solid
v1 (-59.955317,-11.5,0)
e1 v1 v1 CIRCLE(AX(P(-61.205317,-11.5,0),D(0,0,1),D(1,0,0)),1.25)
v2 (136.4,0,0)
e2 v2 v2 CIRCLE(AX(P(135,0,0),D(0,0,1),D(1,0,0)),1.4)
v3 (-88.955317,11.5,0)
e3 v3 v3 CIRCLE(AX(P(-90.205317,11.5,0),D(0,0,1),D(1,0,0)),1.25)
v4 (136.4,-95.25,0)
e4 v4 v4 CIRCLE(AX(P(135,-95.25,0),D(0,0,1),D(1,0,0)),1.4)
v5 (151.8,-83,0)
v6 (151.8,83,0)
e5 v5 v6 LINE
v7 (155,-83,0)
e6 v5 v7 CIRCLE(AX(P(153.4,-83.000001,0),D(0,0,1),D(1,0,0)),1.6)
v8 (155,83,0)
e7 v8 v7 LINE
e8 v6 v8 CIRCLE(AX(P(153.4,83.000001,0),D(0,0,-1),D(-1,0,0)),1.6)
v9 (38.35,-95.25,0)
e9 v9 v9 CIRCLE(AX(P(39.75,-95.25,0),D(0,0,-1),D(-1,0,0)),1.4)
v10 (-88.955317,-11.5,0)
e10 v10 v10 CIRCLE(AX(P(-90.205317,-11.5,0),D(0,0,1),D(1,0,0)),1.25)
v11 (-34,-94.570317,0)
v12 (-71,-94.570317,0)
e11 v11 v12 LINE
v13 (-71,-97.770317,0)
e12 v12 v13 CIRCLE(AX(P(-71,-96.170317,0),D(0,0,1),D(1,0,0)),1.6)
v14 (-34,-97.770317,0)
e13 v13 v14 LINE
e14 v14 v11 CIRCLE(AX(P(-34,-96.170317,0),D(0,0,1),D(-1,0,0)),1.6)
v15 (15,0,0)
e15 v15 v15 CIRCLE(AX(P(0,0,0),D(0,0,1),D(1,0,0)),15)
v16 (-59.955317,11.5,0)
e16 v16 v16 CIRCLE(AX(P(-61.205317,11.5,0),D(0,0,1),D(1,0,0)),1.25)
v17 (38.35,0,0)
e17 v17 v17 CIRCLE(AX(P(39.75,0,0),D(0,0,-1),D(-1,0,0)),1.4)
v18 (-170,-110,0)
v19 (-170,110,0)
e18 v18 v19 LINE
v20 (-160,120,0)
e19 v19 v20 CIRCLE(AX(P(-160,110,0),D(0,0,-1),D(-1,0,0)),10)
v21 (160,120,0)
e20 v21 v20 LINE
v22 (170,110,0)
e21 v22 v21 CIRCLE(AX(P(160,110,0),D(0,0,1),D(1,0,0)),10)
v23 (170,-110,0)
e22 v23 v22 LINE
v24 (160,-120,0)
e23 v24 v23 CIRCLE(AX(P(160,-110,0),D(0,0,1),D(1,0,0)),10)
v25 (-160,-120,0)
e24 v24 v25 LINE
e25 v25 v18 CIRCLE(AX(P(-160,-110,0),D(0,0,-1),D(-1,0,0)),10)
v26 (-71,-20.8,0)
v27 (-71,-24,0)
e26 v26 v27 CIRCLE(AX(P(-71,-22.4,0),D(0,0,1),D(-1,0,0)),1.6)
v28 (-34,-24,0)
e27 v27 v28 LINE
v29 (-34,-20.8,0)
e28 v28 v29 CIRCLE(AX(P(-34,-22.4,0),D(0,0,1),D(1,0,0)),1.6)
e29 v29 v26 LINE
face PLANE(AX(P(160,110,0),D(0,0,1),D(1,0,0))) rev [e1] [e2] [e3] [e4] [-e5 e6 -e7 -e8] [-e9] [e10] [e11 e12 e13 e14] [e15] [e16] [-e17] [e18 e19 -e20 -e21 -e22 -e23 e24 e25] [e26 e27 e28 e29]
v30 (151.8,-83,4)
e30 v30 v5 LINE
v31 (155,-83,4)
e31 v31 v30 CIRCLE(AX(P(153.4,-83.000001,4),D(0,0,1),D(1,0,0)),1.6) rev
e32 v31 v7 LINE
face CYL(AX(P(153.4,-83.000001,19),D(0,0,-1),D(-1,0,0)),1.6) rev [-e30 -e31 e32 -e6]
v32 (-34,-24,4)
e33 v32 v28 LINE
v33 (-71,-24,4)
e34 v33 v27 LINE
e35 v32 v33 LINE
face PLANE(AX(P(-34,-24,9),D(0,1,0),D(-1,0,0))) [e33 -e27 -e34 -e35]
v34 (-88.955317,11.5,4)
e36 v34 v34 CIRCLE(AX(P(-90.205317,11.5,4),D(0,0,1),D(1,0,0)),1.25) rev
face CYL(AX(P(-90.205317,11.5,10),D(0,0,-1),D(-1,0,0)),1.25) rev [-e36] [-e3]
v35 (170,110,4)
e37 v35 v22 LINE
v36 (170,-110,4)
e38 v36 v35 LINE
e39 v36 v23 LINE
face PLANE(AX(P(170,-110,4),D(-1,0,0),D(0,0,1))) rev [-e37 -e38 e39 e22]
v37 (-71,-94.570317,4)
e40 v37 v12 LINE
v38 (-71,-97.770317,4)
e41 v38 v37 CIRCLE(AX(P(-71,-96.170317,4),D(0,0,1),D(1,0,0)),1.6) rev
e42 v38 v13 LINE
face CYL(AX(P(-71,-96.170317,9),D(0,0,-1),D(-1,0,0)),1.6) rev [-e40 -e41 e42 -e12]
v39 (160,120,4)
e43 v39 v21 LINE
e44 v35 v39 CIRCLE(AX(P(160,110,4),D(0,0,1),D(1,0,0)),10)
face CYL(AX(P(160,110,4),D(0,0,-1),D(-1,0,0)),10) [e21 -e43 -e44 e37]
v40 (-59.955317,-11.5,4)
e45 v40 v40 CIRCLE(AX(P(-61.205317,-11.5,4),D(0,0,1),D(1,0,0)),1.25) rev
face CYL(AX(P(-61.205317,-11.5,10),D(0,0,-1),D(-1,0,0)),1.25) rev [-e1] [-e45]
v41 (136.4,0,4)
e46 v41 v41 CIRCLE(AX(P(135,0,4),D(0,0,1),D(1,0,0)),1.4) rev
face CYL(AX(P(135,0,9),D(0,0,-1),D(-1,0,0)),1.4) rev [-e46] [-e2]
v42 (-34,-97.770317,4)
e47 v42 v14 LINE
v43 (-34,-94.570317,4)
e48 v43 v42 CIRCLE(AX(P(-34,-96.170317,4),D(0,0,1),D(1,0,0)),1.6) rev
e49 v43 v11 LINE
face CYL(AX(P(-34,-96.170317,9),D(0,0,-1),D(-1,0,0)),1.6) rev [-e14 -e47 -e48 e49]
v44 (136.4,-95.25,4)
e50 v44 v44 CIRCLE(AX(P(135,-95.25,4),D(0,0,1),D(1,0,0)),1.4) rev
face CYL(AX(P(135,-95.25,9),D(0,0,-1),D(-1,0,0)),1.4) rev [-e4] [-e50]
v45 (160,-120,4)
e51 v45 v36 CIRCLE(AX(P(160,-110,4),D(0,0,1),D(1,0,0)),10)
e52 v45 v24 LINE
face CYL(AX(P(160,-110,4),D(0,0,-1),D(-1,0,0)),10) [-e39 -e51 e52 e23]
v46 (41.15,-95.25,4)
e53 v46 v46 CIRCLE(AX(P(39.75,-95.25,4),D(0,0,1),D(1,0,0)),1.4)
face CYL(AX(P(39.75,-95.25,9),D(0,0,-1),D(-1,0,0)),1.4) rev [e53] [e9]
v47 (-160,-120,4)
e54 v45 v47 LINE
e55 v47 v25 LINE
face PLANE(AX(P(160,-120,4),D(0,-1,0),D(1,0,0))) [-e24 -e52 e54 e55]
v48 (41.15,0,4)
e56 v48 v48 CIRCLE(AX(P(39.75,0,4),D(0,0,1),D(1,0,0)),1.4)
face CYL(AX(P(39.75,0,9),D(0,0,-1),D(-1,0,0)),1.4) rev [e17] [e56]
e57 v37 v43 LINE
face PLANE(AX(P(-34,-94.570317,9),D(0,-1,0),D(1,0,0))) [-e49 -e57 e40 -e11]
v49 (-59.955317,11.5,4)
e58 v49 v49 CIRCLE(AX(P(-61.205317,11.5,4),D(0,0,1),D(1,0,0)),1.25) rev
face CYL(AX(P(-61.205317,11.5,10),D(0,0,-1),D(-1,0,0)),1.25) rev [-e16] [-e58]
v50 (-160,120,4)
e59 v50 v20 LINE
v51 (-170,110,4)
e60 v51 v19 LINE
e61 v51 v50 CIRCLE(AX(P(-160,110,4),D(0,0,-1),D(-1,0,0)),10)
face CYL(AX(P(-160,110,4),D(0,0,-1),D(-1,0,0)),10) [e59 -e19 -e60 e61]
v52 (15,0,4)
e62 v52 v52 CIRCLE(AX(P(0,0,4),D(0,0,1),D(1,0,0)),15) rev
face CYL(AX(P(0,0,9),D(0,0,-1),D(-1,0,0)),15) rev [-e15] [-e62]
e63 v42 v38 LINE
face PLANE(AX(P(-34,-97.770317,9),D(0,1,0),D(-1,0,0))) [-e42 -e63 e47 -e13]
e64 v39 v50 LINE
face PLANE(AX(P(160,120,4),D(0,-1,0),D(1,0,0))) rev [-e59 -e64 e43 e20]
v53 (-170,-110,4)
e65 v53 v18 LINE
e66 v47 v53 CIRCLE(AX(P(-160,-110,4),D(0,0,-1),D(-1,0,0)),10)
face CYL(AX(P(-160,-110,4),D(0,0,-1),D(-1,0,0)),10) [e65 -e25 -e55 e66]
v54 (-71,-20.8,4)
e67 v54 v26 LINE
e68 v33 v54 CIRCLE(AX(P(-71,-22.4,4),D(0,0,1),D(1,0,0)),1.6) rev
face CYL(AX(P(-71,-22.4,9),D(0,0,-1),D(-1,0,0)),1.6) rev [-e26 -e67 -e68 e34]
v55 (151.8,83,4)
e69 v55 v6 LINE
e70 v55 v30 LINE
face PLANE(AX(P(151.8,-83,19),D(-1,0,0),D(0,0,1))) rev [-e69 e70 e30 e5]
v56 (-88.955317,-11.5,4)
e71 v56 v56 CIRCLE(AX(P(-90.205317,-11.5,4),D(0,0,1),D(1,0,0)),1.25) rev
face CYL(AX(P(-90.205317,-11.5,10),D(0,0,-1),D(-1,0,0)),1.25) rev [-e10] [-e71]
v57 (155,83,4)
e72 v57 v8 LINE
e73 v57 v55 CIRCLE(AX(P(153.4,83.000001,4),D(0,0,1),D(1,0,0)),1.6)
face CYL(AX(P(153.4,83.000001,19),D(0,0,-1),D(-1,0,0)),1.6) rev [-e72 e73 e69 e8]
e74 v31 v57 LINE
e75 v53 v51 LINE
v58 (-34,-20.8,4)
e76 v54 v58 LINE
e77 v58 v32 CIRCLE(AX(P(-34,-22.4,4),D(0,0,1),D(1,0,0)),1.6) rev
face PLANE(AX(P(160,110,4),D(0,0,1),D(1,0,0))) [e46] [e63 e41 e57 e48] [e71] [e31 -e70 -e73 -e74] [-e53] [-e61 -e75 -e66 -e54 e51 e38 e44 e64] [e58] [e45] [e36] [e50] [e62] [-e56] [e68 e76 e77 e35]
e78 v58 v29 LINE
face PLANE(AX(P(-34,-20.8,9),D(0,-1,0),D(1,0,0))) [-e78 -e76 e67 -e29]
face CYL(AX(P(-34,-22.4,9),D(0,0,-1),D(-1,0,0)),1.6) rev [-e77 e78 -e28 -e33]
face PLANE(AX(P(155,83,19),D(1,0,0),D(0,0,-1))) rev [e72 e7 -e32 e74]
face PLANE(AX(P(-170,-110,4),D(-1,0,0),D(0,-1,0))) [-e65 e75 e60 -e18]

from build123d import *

# Parameters (mm, degrees)
EXTRUDE_1_DEPTH             = 4
SKETCH_1_4_R                = 1.25
CUT_EXTRUDE_4_DEPTH         = 10
PATTERN_LINEAR_1_COUNT      = 2
PATTERN_LINEAR_1_PITCH      = 29
PATTERN_LINEAR_1_COUNT_DIR2 = 2
PATTERN_LINEAR_1_PITCH_DIR2 = 23
CUT_EXTRUDE_6_DEPTH         = 19
SKETCH_1_7_R                = 1.4
CUT_EXTRUDE_8_DEPTH         = 9
CUT_EXTRUDE_10_DEPTH        = 9
SKETCH_1_8_R                = 15
CUT_EXTRUDE_12_DEPTH        = 9


with BuildPart() as part:
    # 草图1 → 凸台-拉伸1 (new body)
    with BuildSketch(Plane.XY):
        with BuildLine():
            Line((160, -120), (-160, -120))
            ThreePointArc((-160, -120), (-167.071067812, -117.071067812), (-170, -110))
            Line((-170, -110), (-170, 110))
            ThreePointArc((-170, 110), (-167.071067812, 117.071067812), (-160, 120))
            Line((-160, 120), (160, 120))
            ThreePointArc((160, 120), (167.071067812, 117.071067812), (170, 110))
            Line((170, 110), (170, -110))
            ThreePointArc((170, -110), (167.071067812, -117.071067812), (160, -120))
        make_face()
    extrude(amount=EXTRUDE_1_DEPTH)

    # 草图1<4> → 切除-拉伸4 (cut)
    with BuildSketch(Plane.XY):
        with Locations((-90.205317251, 11.5)):
            Circle(SKETCH_1_4_R)
    cut_extrude_4 = extrude(amount=CUT_EXTRUDE_4_DEPTH, mode=Mode.SUBTRACT)

    # 阵列(线性)1: Cut-Extrude 4 2 × 2
    with Locations(*[(i * PATTERN_LINEAR_1_PITCH, -j * PATTERN_LINEAR_1_PITCH_DIR2, 0) for i in range(PATTERN_LINEAR_1_COUNT) for j in range(PATTERN_LINEAR_1_COUNT_DIR2) if (i, j) != (0, 0)]):
        add(cut_extrude_4, mode=Mode.SUBTRACT)

    # 草图1<6> → 切除-拉伸6 (cut)
    with BuildSketch(Plane.XY):
        with BuildLine():
            Line((151.8, -83), (151.8, 83))
            ThreePointArc((151.8, 83), (153.4, 84.600001349), (155, 83))
            Line((155, 83), (155, -83))
            ThreePointArc((155, -83), (153.4, -84.600001349), (151.8, -83))
        make_face()
    extrude(amount=CUT_EXTRUDE_6_DEPTH, mode=Mode.SUBTRACT)

    # 草图1<7> → 切除-拉伸8 (cut)
    with BuildSketch(Plane.XY):
        with Locations((135, -95.25)):
            Circle(SKETCH_1_7_R)
        with Locations((39.75, -95.25)):
            Circle(SKETCH_1_7_R)
        with Locations((135, 0)):
            Circle(SKETCH_1_7_R)
        with Locations((39.75, 0)):
            Circle(SKETCH_1_7_R)
    extrude(amount=CUT_EXTRUDE_8_DEPTH, mode=Mode.SUBTRACT)

    # 草图3 → 切除-拉伸10 (cut)
    with BuildSketch(Plane.XY):
        with BuildLine():
            Line((-34, -24), (-71, -24))
            ThreePointArc((-71, -24), (-72.6, -22.4), (-71, -20.8))
            Line((-71, -20.8), (-34, -20.8))
            ThreePointArc((-34, -20.8), (-32.4, -22.4), (-34, -24))
        make_face()
        with BuildLine():
            Line((-34, -94.570317046), (-71, -94.570317046))
            ThreePointArc((-71, -94.570317046), (-72.6, -96.170317046), (-71, -97.770317046))
            Line((-71, -97.770317046), (-34, -97.770317046))
            ThreePointArc((-34, -97.770317046), (-32.4, -96.170317046), (-34, -94.570317046))
        make_face()
    extrude(amount=CUT_EXTRUDE_10_DEPTH, mode=Mode.SUBTRACT)

    # 草图1<8> → 切除-拉伸12 (cut)
    with BuildSketch(Plane.XY):
        Circle(SKETCH_1_8_R)
    extrude(amount=CUT_EXTRUDE_12_DEPTH, mode=Mode.SUBTRACT)


solid = part.part
